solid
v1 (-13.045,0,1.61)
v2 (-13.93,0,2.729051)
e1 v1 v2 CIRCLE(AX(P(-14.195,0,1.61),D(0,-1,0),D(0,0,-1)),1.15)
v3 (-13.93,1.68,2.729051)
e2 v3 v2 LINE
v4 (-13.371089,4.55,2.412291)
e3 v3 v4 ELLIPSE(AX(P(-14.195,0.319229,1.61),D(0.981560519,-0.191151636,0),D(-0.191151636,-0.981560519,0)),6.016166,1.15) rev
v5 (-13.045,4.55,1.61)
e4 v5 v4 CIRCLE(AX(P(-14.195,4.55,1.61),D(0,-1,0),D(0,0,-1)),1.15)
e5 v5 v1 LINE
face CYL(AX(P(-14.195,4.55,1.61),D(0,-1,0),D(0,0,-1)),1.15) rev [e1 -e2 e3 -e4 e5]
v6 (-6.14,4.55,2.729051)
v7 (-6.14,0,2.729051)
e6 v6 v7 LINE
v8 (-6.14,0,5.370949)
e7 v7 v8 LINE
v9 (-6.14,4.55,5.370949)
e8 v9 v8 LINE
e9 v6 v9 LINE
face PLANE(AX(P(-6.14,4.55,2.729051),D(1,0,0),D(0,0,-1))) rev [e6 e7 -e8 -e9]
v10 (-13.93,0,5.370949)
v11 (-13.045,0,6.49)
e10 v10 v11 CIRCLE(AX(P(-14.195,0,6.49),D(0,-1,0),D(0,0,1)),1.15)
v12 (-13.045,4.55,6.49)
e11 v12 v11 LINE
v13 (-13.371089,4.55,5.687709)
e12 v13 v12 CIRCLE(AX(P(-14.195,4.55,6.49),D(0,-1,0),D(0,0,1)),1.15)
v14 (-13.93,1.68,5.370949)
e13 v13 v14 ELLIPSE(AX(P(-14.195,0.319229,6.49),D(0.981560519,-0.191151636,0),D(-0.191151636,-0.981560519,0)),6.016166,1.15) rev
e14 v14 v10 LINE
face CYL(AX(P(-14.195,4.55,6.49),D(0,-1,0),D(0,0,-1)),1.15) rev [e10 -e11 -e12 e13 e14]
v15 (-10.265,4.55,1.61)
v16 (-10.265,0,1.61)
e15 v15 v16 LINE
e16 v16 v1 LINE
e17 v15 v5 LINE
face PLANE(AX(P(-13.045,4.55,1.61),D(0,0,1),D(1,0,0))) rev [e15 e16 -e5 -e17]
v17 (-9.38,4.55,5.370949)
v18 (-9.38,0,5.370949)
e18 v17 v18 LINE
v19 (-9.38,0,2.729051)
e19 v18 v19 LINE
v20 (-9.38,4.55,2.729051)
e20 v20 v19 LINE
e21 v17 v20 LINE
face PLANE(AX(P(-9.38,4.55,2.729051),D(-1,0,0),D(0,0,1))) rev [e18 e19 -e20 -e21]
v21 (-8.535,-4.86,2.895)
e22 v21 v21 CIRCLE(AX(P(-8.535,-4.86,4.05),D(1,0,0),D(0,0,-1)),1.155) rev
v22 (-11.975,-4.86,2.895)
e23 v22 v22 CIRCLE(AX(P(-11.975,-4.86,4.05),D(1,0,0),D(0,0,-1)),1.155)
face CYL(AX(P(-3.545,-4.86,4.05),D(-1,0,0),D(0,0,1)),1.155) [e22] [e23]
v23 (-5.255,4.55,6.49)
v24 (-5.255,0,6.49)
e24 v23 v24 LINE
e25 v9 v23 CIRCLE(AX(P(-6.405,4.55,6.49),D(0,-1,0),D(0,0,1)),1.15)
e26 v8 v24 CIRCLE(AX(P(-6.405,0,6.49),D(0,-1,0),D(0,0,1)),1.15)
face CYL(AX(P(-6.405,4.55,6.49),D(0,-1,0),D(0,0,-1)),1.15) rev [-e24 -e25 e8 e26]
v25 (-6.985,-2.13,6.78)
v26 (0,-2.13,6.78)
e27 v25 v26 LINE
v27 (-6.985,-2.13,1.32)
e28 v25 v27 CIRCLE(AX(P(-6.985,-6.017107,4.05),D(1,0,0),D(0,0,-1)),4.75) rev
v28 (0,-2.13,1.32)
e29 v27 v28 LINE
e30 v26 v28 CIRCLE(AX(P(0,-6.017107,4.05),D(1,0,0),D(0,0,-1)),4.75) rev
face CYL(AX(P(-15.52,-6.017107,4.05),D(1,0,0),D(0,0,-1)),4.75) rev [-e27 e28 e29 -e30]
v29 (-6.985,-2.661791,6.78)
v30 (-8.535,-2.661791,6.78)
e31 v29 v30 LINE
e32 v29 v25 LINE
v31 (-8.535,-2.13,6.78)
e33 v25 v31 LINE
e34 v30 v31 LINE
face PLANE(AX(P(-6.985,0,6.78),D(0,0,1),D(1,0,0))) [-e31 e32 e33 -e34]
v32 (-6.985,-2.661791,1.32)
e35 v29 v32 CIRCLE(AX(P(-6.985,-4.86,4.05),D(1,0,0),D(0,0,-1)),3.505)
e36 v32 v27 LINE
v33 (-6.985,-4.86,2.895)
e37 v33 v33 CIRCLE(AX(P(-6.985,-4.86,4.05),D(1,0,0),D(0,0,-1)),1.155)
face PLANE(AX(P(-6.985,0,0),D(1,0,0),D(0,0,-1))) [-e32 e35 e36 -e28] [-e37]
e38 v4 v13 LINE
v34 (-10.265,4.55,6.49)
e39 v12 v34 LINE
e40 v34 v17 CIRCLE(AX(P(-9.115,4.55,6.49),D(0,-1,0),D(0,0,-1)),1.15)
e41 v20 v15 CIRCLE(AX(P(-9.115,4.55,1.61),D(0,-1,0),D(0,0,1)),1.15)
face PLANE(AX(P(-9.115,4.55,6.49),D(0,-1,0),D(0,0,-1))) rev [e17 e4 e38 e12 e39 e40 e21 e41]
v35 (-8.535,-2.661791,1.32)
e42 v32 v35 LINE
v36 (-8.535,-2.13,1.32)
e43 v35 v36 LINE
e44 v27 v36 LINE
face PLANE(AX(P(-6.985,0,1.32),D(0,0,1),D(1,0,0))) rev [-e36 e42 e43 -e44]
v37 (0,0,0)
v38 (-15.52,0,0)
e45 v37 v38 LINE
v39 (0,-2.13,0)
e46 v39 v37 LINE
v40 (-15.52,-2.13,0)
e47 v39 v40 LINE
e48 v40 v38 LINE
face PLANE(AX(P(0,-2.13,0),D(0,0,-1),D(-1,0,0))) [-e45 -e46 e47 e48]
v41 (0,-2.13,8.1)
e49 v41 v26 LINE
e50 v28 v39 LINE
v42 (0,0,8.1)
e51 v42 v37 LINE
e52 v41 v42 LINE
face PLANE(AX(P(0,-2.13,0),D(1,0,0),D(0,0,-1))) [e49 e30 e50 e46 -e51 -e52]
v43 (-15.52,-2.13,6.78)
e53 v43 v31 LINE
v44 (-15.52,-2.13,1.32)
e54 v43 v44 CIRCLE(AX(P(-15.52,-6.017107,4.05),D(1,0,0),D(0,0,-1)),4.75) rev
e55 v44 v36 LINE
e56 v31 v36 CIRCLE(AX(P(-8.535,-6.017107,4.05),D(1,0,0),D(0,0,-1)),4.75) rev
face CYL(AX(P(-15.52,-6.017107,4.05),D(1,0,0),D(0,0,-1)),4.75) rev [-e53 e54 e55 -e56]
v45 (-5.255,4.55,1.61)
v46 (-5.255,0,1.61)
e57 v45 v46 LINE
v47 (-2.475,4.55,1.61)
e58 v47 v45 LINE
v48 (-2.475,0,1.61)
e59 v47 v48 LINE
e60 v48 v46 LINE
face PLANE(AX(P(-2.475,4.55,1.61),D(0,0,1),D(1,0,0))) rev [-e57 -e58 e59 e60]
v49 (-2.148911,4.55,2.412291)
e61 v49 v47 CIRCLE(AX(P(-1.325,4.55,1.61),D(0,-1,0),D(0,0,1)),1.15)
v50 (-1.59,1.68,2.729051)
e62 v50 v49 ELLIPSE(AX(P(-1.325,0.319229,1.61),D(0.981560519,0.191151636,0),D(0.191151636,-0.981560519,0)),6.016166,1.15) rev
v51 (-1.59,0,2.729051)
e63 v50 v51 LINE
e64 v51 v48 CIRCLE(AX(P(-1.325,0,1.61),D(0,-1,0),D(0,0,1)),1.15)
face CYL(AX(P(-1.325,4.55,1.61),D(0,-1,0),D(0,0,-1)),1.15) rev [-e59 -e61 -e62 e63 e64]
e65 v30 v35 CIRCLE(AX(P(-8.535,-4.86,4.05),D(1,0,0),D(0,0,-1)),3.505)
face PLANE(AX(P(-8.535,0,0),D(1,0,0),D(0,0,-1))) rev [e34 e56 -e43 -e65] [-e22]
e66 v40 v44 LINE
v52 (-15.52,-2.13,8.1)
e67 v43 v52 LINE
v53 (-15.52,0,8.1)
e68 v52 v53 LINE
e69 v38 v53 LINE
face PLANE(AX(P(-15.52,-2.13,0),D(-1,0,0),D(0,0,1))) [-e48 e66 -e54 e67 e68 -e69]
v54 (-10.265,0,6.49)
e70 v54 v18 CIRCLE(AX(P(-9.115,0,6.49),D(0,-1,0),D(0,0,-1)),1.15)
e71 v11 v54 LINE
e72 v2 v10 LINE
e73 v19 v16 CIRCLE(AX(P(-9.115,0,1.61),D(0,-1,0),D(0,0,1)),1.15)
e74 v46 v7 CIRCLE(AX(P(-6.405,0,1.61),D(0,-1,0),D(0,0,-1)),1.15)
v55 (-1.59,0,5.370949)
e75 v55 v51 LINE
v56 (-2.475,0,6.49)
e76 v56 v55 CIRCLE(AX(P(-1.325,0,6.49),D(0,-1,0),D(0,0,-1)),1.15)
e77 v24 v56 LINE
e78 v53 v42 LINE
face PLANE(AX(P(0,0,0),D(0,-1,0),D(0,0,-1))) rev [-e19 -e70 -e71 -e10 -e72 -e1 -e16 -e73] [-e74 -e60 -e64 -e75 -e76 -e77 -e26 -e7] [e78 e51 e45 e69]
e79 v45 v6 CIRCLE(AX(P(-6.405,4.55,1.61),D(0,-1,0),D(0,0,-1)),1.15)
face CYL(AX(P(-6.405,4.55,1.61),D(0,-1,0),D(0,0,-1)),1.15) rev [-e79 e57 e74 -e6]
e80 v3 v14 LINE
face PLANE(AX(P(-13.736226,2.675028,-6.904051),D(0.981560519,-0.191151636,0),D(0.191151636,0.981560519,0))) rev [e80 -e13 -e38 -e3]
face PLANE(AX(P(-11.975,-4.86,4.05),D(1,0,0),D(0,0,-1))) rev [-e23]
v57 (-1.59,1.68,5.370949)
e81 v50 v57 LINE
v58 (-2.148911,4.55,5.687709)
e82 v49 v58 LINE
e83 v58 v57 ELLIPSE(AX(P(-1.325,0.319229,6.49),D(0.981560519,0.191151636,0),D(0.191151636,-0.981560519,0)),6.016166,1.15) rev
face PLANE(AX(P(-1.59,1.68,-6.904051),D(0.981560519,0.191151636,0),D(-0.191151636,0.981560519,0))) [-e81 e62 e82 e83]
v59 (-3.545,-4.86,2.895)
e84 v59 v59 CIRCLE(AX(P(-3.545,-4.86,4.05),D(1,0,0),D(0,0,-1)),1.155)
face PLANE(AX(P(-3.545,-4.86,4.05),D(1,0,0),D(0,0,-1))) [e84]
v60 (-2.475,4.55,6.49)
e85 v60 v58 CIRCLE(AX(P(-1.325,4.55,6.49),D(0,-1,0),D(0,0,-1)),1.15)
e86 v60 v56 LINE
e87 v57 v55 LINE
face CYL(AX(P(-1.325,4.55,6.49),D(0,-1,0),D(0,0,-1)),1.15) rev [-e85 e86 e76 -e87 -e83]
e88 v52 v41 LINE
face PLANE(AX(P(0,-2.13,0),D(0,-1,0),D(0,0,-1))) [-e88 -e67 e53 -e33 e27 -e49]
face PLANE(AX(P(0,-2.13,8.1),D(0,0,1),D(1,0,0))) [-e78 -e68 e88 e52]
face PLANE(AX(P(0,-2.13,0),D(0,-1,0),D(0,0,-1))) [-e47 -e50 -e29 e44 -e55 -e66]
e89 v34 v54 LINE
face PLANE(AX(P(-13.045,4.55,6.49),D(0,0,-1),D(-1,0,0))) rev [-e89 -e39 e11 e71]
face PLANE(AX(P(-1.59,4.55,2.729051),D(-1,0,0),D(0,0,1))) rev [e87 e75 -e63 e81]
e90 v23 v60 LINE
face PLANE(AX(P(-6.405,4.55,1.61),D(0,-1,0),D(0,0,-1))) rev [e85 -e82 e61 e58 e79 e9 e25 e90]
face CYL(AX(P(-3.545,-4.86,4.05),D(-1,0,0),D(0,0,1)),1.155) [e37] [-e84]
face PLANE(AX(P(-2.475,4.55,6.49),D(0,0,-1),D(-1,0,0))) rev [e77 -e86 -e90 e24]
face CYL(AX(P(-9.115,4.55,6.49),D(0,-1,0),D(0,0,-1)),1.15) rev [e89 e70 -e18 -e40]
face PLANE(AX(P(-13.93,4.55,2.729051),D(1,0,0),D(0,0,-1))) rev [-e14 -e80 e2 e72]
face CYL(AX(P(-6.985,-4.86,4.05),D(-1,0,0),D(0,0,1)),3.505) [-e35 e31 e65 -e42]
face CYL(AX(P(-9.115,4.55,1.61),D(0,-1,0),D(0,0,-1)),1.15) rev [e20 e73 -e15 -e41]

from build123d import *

# Parameters (mm, degrees)
IZIM3_W                     = 15.52
IZIM3_H                     = 8.1
Y_KSEKLIK_EKSTR_ZYON1_DEPTH = 2.13
Y_KSEKLIK_EKSTR_ZYON2_DEPTH = 4.55
KES_EKSTR_ZYON2_DEPTH       = 12.275
KES_EKSTR_ZYON3_DEPTH       = 12.275
KES_EKSTR_ZYON4_DEPTH       = 16.52
IZIM10_R                    = 3.505
IZIM10_R_2                  = 1.155
Y_KSEKLIK_EKSTR_ZYON4_DEPTH = 0.775
IZIM11_R                    = 1.155
Y_KSEKLIK_EKSTR_ZYON5_DEPTH = 4.215


with BuildPart() as part:
    # Çizim3 → Yükseklik-Ekstrüzyon1 (new body)
    with BuildSketch(Plane(origin=(0, 0, 0), x_dir=(1, 0, 0), z_dir=(0, 1, 0))):
        with Locations((-7.76, -4.05)):
            Rectangle(IZIM3_W, IZIM3_H)
    extrude(amount=-Y_KSEKLIK_EKSTR_ZYON1_DEPTH)

    # Çizim4 → Yükseklik-Ekstrüzyon2 (add)
    with BuildSketch(Plane(origin=(0, 0, 0), x_dir=(1, 0, 0), z_dir=(0, 1, 0))):
        with BuildLine():
            Line((-13.045, -1.61), (-10.265, -1.61))
            ThreePointArc((-10.265, -1.61), (-10.017011641, -2.32335475), (-9.38, -2.729050937))
            Line((-9.38, -2.729050937), (-9.38, -5.370949063))
            ThreePointArc((-9.38, -5.370949063), (-10.017011641, -5.77664525), (-10.265, -6.49))
            Line((-10.265, -6.49), (-13.045, -6.49))
            ThreePointArc((-13.045, -6.49), (-13.292988359, -5.77664525), (-13.93, -5.370949063))
            Line((-13.93, -5.370949063), (-13.93, -2.729050937))
            ThreePointArc((-13.93, -2.729050937), (-13.292988359, -2.32335475), (-13.045, -1.61))
        make_face()
        with BuildLine():
            Line((-6.14, -2.729050937), (-6.14, -5.370949063))
            ThreePointArc((-6.14, -5.370949063), (-5.502988359, -5.77664525), (-5.255, -6.49))
            Line((-5.255, -6.49), (-2.475, -6.49))
            ThreePointArc((-2.475, -6.49), (-2.227011641, -5.77664525), (-1.59, -5.370949063))
            Line((-1.59, -5.370949063), (-1.59, -2.729050937))
            ThreePointArc((-1.59, -2.729050937), (-2.227011641, -2.32335475), (-2.475, -1.61))
            Line((-2.475, -1.61), (-5.255, -1.61))
            ThreePointArc((-5.255, -1.61), (-5.502988359, -2.32335475), (-6.14, -2.729050937))
        make_face()
    extrude(amount=Y_KSEKLIK_EKSTR_ZYON2_DEPTH)

    # Çizim6 → Kes-Ekstrüzyon2 (cut, symmetric)
    with BuildSketch(Plane.XY.offset(5.370949063)):
        Polygon((-1.59, 1.68), (-1.59, 4.55), (-2.148911229, 4.55), align=None)
    extrude(amount=KES_EKSTR_ZYON2_DEPTH, both=True, mode=Mode.SUBTRACT)

    # Çizim7 → Kes-Ekstrüzyon3 (cut, symmetric)
    with BuildSketch(Plane.XY.offset(5.370949063)):
        Polygon((-13.93, 4.55), (-13.371088771, 4.55), (-13.93, 1.68), align=None)
    extrude(amount=KES_EKSTR_ZYON3_DEPTH, both=True, mode=Mode.SUBTRACT)

    # Çizim8 → Kes-Ekstrüzyon4 (cut, through all)
    with BuildSketch(Plane(origin=(0, 0, 0), x_dir=(0, 0, -1), z_dir=(1, 0, 0))):
        with BuildLine():
            ThreePointArc((-6.78, -2.13), (-4.05, -1.267106893), (-1.32, -2.13))
            Line((-1.32, -2.13), (-6.78, -2.13))
        make_face()
    extrude(amount=-KES_EKSTR_ZYON4_DEPTH, mode=Mode.SUBTRACT)

    # Çizim10 → Yükseklik-Ekstrüzyon4 (add, symmetric)
    with BuildSketch(Plane(origin=(-7.76, 0, 0), x_dir=(0, 0, -1), z_dir=(1, 0, 0))):
        with BuildLine():
            Line((-6.78, -2.13), (-6.78, -2.661790501))
            ThreePointArc((-6.78, -2.661790501), (-4.05, -1.355), (-1.32, -2.661790501))
            Line((-1.32, -2.661790501), (-1.32, -2.13))
            ThreePointArc((-1.32, -2.13), (-4.05, -1.267106893), (-6.78, -2.13))
        make_face()
        with Locations((-4.05, -4.86)):
            Circle(IZIM10_R)
        with Locations((-4.05, -4.86)):
            Circle(IZIM10_R_2, mode=Mode.SUBTRACT)
    extrude(amount=Y_KSEKLIK_EKSTR_ZYON4_DEPTH, both=True)

    # Çizim11 → Yükseklik-Ekstrüzyon5 (add, symmetric)
    with BuildSketch(Plane(origin=(-7.76, 0, 0), x_dir=(0, 0, -1), z_dir=(1, 0, 0))):
        with Locations((-4.05, -4.86)):
            Circle(IZIM11_R)
    extrude(amount=Y_KSEKLIK_EKSTR_ZYON5_DEPTH, both=True)


solid = part.part
